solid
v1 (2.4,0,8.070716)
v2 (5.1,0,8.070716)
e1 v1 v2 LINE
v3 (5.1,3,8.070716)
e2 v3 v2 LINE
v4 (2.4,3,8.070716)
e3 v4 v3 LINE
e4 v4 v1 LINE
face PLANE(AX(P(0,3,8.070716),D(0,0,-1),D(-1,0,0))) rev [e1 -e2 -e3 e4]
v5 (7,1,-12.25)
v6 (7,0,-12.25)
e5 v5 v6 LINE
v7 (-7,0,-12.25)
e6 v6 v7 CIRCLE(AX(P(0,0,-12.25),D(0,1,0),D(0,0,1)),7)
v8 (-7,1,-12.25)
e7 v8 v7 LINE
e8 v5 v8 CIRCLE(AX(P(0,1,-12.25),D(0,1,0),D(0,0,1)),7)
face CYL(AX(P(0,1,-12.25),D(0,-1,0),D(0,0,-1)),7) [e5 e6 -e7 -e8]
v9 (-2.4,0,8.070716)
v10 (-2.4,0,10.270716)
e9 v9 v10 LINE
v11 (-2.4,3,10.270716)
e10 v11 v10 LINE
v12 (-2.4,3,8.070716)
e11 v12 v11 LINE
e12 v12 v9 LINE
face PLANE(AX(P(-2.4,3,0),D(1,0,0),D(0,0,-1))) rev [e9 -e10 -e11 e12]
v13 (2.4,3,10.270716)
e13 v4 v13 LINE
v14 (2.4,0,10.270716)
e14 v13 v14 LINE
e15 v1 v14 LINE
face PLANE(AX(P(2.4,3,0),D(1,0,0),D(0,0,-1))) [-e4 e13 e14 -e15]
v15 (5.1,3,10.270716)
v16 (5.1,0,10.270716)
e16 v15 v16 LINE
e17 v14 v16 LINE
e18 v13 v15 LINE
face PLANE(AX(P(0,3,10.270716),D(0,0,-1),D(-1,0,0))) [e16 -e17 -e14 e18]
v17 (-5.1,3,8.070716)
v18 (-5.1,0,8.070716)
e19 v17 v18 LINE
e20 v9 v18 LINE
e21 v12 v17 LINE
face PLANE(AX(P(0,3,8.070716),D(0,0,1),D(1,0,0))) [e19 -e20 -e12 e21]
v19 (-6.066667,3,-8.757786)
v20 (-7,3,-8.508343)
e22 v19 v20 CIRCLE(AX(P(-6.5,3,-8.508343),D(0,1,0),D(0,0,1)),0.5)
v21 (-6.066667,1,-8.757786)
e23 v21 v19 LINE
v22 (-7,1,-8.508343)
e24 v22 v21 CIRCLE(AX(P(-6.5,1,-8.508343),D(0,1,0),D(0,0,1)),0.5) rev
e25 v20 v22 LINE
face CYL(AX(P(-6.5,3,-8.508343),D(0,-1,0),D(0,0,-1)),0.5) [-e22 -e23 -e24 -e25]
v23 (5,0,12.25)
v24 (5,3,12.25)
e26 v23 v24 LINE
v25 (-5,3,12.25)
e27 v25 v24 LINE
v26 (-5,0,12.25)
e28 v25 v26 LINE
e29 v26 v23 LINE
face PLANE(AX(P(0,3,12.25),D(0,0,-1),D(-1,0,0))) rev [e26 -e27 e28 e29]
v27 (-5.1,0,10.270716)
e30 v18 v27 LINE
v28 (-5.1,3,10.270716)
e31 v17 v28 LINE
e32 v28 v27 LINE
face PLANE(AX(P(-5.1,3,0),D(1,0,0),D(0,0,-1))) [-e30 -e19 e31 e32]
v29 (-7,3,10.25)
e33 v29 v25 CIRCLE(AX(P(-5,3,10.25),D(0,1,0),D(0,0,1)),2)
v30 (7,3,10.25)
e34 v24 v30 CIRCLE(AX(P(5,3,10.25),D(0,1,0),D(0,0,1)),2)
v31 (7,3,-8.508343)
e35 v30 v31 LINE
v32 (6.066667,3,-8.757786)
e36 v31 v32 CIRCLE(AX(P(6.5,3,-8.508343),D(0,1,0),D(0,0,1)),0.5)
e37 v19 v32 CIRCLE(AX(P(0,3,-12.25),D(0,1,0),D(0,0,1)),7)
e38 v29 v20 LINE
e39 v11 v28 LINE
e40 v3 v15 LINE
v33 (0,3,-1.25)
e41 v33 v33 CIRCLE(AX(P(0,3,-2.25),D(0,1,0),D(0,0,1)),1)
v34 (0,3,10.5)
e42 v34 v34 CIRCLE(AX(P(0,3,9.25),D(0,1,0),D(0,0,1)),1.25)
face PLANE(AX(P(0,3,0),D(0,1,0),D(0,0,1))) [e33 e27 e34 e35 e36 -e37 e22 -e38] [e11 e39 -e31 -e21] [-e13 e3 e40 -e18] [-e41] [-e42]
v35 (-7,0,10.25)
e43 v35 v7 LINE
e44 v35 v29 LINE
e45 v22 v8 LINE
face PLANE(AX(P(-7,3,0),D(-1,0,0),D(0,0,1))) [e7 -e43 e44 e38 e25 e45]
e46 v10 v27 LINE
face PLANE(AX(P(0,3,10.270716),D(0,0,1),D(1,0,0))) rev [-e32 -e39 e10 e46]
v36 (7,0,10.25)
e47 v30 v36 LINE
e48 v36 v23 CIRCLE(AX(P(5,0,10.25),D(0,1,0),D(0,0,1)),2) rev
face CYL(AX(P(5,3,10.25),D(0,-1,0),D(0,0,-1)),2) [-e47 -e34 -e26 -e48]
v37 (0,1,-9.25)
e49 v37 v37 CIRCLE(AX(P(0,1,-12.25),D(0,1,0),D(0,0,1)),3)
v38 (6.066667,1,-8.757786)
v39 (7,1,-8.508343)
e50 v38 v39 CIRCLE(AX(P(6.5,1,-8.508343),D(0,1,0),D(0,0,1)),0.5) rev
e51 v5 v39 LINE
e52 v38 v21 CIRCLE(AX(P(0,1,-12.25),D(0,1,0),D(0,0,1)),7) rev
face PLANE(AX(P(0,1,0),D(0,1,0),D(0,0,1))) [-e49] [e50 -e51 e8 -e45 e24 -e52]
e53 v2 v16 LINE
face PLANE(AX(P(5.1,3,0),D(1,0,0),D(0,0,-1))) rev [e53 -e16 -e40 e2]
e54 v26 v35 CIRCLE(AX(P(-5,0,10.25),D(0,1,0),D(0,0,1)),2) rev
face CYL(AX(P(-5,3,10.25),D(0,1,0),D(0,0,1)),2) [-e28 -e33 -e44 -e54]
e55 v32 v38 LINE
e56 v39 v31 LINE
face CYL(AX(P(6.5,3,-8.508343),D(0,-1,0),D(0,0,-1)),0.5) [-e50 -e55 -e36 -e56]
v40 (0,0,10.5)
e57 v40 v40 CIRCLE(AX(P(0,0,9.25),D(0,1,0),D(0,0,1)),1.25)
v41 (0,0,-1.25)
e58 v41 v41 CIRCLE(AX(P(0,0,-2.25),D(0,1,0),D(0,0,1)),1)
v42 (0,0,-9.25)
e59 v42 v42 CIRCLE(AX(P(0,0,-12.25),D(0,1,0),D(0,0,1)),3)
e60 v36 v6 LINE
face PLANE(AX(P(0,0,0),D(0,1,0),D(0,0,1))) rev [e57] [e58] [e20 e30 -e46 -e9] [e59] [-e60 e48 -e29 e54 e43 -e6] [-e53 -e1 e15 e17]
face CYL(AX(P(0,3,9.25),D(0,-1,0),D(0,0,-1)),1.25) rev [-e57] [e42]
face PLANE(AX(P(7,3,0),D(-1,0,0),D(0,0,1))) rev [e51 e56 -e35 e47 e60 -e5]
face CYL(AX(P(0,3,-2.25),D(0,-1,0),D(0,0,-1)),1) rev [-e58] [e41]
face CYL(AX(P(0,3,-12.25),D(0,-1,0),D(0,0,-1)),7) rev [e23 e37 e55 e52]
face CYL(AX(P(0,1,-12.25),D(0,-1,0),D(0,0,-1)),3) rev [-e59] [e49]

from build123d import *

# Parameters (mm, degrees)
EXTRUDE_2_DEPTH = 1
SKETCH_1_4_W    = 2.7
SKETCH_1_4_H    = 2.2
SKETCH_1_4_R    = 1.25
EXTRUDE_3_DEPTH = 3
FILLET_1_R      = 0.5
FILLET_2_R      = 2


with BuildPart() as part:
    # 草图1 → 凸台-拉伸2 (new body)
    with BuildSketch(Plane(origin=(0, 0, 0), x_dir=(1, 0, 0), z_dir=(0, 1, 0))):
        with BuildLine():
            ThreePointArc((-3, 12.25), (0, 15.25), (3, 12.25))
            Line((3, 12.25), (7, 12.25))
            ThreePointArc((7, 12.25), (0, 19.25), (-7, 12.25))
            Line((-7, 12.25), (-3, 12.25))
        make_face()
        with BuildLine():
            ThreePointArc((3, 12.25), (2.121320344, 10.128679656), (0, 9.25))
            Line((0, 9.25), (0, 5.25))
            ThreePointArc((0, 5.25), (4.949747468, 7.300252532), (7, 12.25))
            Line((7, 12.25), (3, 12.25))
        make_face()
        with BuildLine():
            Line((0, 5.25), (0, 9.25))
            ThreePointArc((0, 9.25), (-2.121320344, 10.128679656), (-3, 12.25))
            Line((-3, 12.25), (-7, 12.25))
            ThreePointArc((-7, 12.25), (-4.949747468, 7.300252532), (0, 5.25))
        make_face()
    extrude(amount=EXTRUDE_2_DEPTH)

    # 草图1<4> → 凸台-拉伸3 (add)
    with BuildSketch(Plane(origin=(0, 0, 0), x_dir=(1, 0, 0), z_dir=(0, 1, 0))):
        with BuildLine():
            ThreePointArc((7, 12.25), (4.949747468, 7.300252532), (0, 5.25))
            ThreePointArc((0, 5.25), (-4.949747468, 7.300252532), (-7, 12.25))
            Line((-7, 12.25), (-7, -12.25))
            Line((-7, -12.25), (7, -12.25))
            Line((7, -12.25), (7, 12.25))
        make_face()
        with Locations((-3.75, -9.170716156)):
            Rectangle(SKETCH_1_4_W, SKETCH_1_4_H, mode=Mode.SUBTRACT)
        with Locations((0, -9.25)):
            Circle(SKETCH_1_4_R, mode=Mode.SUBTRACT)
        with Locations((3.75, -9.170716156)):
            Rectangle(SKETCH_1_4_W, SKETCH_1_4_H, mode=Mode.SUBTRACT)
        with BuildLine():
            ThreePointArc((1, 2.25), (-0.707106781, 1.542893219), (0, 3.25))
            ThreePointArc((0, 3.25), (0.707106781, 2.957106781), (1, 2.25))
        make_face(mode=Mode.SUBTRACT)
    extrude(amount=EXTRUDE_3_DEPTH)

    # 圆角1
    fillet_1_edges = [part.edges().sort_by_distance(p)[0] for p in [
        (7, 2, -12.25),
        (-7, 2, -12.25),
    ]]
    fillet(fillet_1_edges, radius=FILLET_1_R)

    # 圆角2
    fillet_2_edges = [part.edges().sort_by_distance(p)[0] for p in [
        (7, 1.5, 12.25),
        (-7, 1.5, 12.25),
    ]]
    fillet(fillet_2_edges, radius=FILLET_2_R)


solid = part.part
